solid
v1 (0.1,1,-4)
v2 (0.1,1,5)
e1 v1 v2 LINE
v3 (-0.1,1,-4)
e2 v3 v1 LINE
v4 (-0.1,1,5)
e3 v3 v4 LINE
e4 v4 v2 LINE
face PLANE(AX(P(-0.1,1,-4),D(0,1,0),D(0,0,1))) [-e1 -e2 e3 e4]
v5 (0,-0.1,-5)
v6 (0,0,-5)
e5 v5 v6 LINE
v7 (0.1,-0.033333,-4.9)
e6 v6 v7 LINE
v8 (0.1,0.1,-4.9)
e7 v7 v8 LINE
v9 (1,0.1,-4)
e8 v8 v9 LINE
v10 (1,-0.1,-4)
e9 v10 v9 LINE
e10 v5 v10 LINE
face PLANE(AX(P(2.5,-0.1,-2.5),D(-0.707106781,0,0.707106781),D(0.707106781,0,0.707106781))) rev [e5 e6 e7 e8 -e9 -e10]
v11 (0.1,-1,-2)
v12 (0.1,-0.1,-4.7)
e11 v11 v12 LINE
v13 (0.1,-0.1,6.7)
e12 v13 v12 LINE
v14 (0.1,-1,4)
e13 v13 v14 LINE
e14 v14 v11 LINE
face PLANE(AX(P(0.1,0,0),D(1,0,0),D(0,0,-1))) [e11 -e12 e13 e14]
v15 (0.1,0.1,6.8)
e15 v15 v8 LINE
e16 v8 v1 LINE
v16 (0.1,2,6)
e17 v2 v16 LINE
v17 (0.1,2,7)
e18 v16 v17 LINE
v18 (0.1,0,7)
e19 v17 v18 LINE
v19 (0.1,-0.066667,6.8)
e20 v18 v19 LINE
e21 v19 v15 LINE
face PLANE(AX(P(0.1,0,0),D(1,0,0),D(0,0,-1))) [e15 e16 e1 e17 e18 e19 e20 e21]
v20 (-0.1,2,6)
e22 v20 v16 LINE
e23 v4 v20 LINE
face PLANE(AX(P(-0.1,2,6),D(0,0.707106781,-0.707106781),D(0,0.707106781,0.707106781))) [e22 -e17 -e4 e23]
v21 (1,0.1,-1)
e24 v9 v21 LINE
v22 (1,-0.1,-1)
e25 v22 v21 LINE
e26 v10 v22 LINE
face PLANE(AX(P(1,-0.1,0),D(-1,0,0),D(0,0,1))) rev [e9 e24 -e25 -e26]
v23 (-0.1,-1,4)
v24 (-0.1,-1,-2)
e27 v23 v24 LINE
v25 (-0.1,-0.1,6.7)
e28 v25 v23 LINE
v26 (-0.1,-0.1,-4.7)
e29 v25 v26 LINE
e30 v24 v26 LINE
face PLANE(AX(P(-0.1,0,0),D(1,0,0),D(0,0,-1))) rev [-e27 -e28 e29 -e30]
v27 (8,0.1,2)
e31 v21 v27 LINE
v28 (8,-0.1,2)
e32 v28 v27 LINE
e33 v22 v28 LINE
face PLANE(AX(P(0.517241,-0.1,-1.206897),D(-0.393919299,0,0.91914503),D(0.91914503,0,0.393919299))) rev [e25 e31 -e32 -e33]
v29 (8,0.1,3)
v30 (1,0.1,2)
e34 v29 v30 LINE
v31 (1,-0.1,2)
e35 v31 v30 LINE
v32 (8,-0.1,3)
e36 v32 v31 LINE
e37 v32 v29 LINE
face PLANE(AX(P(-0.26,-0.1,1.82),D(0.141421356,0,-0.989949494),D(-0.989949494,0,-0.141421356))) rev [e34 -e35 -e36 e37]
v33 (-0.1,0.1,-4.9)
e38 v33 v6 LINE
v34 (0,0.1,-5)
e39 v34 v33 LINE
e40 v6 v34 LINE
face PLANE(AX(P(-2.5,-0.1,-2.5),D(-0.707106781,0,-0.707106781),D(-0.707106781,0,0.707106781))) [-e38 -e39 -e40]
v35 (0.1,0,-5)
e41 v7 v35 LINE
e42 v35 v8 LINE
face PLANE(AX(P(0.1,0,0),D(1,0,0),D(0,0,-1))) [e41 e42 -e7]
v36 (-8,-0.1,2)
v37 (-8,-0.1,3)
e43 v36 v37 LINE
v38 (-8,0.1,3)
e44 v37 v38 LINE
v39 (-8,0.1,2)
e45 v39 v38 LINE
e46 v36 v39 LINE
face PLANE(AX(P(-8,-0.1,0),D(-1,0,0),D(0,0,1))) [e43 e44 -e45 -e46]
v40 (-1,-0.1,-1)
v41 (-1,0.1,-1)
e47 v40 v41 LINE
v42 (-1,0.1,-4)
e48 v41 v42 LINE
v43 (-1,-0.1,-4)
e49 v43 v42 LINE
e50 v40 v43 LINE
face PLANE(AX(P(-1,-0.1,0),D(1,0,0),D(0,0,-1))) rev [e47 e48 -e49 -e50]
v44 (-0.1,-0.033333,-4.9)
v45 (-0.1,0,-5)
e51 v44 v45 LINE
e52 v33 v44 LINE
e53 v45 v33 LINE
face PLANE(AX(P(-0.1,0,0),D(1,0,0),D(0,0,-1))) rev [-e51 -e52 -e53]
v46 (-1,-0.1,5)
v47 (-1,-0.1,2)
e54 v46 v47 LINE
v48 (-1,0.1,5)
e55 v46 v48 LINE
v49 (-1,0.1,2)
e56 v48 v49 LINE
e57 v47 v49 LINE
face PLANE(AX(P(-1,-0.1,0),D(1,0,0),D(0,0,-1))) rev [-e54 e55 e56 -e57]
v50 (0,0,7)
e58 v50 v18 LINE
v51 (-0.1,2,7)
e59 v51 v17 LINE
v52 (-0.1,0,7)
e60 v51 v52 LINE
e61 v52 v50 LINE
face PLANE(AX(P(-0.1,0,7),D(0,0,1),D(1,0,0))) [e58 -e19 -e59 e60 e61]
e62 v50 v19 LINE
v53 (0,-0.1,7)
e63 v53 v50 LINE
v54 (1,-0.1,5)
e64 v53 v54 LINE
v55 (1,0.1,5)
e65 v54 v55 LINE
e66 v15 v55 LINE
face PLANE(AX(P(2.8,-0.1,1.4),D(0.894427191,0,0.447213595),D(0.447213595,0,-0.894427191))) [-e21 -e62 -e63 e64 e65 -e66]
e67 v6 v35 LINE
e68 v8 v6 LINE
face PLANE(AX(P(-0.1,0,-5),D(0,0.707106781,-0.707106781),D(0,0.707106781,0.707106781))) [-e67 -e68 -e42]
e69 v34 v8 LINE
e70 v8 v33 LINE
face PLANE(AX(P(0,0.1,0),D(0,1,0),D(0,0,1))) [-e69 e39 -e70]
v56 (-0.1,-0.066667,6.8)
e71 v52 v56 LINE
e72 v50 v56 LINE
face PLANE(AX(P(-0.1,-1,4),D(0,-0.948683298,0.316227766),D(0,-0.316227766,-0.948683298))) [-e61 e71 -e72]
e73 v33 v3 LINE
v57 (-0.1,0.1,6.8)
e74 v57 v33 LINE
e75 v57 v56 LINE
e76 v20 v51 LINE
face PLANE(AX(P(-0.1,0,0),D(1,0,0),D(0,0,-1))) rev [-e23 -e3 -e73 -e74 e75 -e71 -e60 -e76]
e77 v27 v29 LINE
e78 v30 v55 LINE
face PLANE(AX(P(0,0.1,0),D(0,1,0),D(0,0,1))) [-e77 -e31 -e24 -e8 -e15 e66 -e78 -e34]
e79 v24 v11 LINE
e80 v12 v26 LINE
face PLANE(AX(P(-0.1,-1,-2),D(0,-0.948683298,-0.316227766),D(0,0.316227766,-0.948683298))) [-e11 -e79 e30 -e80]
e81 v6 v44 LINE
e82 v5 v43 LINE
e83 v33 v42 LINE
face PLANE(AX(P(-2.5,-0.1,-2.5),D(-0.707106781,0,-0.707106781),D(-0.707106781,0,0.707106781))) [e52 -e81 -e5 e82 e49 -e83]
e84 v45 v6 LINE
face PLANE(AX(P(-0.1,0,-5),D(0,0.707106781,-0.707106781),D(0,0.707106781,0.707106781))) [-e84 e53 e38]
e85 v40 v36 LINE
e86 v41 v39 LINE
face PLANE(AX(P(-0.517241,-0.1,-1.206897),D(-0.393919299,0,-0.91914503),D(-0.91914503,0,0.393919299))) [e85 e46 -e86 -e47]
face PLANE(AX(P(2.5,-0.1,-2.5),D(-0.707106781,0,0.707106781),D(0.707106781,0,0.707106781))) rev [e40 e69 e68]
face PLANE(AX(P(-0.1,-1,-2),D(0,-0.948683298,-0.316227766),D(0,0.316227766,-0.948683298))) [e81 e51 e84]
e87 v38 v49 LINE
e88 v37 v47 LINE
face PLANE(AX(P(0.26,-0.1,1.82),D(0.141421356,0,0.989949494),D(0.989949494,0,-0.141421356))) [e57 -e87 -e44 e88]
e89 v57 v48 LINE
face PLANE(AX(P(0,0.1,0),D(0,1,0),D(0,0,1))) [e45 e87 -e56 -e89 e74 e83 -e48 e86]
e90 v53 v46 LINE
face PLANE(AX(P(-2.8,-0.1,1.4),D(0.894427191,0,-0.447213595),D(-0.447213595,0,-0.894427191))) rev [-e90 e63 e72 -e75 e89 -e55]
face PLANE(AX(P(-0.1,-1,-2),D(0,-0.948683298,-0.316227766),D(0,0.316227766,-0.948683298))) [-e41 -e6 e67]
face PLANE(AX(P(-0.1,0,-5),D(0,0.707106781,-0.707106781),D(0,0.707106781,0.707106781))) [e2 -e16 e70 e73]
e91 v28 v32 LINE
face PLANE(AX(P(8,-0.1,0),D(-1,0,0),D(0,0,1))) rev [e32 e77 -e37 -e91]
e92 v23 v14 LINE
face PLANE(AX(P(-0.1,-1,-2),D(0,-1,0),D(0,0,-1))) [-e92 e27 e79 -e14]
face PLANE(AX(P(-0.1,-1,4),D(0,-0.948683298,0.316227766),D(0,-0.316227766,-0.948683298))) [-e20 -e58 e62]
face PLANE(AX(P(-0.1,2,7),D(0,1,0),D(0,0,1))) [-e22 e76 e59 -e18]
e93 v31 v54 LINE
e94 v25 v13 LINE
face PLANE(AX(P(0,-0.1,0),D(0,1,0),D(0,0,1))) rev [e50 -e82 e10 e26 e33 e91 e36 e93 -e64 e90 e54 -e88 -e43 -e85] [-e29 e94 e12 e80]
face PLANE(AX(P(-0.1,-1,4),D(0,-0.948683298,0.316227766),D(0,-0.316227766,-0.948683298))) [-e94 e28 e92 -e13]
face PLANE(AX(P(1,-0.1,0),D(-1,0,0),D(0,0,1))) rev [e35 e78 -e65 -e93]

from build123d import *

# Parameters (mm, degrees)
BOSS_EXTRUDE1_DEPTH      = 0.1
BOSS_EXTRUDE1_DEPTH_BACK = 0.1
BOSS_EXTRUDE2_DEPTH      = 0.1
BOSS_EXTRUDE2_DEPTH_BACK = 0.1


with BuildPart() as part:
    # Sketch1 → Boss-Extrude1 (new, two sides: drawn at the far end of the back side and taken through both)
    with BuildSketch(Plane(origin=(0, 0, 0), x_dir=(1, 0, 0), z_dir=(0, 1, 0)).offset(-BOSS_EXTRUDE1_DEPTH_BACK)):
        Polygon((1, 4), (0, 5), (-1, 4), (-1, 1), (-8, -2), (-8, -3), (-1, -2), (-1, -5), (0, -7), (1, -5), (1, -2), (8, -3), (8, -2), (1, 1), align=None)
    extrude(amount=BOSS_EXTRUDE1_DEPTH + BOSS_EXTRUDE1_DEPTH_BACK)

    # Sketch2 → Boss-Extrude2 (add, two sides: drawn at the far end of the back side and taken through both)
    with BuildSketch(Plane(origin=(0, 0, 0), x_dir=(0, 0, -1), z_dir=(1, 0, 0)).offset(-BOSS_EXTRUDE2_DEPTH_BACK)):
        Polygon((5, 0), (4, 1), (-5, 1), (-6, 2), (-7, 2), (-7, 0), (-4, -1), (2, -1), align=None)
    extrude(amount=BOSS_EXTRUDE2_DEPTH + BOSS_EXTRUDE2_DEPTH_BACK)


solid = part.part
